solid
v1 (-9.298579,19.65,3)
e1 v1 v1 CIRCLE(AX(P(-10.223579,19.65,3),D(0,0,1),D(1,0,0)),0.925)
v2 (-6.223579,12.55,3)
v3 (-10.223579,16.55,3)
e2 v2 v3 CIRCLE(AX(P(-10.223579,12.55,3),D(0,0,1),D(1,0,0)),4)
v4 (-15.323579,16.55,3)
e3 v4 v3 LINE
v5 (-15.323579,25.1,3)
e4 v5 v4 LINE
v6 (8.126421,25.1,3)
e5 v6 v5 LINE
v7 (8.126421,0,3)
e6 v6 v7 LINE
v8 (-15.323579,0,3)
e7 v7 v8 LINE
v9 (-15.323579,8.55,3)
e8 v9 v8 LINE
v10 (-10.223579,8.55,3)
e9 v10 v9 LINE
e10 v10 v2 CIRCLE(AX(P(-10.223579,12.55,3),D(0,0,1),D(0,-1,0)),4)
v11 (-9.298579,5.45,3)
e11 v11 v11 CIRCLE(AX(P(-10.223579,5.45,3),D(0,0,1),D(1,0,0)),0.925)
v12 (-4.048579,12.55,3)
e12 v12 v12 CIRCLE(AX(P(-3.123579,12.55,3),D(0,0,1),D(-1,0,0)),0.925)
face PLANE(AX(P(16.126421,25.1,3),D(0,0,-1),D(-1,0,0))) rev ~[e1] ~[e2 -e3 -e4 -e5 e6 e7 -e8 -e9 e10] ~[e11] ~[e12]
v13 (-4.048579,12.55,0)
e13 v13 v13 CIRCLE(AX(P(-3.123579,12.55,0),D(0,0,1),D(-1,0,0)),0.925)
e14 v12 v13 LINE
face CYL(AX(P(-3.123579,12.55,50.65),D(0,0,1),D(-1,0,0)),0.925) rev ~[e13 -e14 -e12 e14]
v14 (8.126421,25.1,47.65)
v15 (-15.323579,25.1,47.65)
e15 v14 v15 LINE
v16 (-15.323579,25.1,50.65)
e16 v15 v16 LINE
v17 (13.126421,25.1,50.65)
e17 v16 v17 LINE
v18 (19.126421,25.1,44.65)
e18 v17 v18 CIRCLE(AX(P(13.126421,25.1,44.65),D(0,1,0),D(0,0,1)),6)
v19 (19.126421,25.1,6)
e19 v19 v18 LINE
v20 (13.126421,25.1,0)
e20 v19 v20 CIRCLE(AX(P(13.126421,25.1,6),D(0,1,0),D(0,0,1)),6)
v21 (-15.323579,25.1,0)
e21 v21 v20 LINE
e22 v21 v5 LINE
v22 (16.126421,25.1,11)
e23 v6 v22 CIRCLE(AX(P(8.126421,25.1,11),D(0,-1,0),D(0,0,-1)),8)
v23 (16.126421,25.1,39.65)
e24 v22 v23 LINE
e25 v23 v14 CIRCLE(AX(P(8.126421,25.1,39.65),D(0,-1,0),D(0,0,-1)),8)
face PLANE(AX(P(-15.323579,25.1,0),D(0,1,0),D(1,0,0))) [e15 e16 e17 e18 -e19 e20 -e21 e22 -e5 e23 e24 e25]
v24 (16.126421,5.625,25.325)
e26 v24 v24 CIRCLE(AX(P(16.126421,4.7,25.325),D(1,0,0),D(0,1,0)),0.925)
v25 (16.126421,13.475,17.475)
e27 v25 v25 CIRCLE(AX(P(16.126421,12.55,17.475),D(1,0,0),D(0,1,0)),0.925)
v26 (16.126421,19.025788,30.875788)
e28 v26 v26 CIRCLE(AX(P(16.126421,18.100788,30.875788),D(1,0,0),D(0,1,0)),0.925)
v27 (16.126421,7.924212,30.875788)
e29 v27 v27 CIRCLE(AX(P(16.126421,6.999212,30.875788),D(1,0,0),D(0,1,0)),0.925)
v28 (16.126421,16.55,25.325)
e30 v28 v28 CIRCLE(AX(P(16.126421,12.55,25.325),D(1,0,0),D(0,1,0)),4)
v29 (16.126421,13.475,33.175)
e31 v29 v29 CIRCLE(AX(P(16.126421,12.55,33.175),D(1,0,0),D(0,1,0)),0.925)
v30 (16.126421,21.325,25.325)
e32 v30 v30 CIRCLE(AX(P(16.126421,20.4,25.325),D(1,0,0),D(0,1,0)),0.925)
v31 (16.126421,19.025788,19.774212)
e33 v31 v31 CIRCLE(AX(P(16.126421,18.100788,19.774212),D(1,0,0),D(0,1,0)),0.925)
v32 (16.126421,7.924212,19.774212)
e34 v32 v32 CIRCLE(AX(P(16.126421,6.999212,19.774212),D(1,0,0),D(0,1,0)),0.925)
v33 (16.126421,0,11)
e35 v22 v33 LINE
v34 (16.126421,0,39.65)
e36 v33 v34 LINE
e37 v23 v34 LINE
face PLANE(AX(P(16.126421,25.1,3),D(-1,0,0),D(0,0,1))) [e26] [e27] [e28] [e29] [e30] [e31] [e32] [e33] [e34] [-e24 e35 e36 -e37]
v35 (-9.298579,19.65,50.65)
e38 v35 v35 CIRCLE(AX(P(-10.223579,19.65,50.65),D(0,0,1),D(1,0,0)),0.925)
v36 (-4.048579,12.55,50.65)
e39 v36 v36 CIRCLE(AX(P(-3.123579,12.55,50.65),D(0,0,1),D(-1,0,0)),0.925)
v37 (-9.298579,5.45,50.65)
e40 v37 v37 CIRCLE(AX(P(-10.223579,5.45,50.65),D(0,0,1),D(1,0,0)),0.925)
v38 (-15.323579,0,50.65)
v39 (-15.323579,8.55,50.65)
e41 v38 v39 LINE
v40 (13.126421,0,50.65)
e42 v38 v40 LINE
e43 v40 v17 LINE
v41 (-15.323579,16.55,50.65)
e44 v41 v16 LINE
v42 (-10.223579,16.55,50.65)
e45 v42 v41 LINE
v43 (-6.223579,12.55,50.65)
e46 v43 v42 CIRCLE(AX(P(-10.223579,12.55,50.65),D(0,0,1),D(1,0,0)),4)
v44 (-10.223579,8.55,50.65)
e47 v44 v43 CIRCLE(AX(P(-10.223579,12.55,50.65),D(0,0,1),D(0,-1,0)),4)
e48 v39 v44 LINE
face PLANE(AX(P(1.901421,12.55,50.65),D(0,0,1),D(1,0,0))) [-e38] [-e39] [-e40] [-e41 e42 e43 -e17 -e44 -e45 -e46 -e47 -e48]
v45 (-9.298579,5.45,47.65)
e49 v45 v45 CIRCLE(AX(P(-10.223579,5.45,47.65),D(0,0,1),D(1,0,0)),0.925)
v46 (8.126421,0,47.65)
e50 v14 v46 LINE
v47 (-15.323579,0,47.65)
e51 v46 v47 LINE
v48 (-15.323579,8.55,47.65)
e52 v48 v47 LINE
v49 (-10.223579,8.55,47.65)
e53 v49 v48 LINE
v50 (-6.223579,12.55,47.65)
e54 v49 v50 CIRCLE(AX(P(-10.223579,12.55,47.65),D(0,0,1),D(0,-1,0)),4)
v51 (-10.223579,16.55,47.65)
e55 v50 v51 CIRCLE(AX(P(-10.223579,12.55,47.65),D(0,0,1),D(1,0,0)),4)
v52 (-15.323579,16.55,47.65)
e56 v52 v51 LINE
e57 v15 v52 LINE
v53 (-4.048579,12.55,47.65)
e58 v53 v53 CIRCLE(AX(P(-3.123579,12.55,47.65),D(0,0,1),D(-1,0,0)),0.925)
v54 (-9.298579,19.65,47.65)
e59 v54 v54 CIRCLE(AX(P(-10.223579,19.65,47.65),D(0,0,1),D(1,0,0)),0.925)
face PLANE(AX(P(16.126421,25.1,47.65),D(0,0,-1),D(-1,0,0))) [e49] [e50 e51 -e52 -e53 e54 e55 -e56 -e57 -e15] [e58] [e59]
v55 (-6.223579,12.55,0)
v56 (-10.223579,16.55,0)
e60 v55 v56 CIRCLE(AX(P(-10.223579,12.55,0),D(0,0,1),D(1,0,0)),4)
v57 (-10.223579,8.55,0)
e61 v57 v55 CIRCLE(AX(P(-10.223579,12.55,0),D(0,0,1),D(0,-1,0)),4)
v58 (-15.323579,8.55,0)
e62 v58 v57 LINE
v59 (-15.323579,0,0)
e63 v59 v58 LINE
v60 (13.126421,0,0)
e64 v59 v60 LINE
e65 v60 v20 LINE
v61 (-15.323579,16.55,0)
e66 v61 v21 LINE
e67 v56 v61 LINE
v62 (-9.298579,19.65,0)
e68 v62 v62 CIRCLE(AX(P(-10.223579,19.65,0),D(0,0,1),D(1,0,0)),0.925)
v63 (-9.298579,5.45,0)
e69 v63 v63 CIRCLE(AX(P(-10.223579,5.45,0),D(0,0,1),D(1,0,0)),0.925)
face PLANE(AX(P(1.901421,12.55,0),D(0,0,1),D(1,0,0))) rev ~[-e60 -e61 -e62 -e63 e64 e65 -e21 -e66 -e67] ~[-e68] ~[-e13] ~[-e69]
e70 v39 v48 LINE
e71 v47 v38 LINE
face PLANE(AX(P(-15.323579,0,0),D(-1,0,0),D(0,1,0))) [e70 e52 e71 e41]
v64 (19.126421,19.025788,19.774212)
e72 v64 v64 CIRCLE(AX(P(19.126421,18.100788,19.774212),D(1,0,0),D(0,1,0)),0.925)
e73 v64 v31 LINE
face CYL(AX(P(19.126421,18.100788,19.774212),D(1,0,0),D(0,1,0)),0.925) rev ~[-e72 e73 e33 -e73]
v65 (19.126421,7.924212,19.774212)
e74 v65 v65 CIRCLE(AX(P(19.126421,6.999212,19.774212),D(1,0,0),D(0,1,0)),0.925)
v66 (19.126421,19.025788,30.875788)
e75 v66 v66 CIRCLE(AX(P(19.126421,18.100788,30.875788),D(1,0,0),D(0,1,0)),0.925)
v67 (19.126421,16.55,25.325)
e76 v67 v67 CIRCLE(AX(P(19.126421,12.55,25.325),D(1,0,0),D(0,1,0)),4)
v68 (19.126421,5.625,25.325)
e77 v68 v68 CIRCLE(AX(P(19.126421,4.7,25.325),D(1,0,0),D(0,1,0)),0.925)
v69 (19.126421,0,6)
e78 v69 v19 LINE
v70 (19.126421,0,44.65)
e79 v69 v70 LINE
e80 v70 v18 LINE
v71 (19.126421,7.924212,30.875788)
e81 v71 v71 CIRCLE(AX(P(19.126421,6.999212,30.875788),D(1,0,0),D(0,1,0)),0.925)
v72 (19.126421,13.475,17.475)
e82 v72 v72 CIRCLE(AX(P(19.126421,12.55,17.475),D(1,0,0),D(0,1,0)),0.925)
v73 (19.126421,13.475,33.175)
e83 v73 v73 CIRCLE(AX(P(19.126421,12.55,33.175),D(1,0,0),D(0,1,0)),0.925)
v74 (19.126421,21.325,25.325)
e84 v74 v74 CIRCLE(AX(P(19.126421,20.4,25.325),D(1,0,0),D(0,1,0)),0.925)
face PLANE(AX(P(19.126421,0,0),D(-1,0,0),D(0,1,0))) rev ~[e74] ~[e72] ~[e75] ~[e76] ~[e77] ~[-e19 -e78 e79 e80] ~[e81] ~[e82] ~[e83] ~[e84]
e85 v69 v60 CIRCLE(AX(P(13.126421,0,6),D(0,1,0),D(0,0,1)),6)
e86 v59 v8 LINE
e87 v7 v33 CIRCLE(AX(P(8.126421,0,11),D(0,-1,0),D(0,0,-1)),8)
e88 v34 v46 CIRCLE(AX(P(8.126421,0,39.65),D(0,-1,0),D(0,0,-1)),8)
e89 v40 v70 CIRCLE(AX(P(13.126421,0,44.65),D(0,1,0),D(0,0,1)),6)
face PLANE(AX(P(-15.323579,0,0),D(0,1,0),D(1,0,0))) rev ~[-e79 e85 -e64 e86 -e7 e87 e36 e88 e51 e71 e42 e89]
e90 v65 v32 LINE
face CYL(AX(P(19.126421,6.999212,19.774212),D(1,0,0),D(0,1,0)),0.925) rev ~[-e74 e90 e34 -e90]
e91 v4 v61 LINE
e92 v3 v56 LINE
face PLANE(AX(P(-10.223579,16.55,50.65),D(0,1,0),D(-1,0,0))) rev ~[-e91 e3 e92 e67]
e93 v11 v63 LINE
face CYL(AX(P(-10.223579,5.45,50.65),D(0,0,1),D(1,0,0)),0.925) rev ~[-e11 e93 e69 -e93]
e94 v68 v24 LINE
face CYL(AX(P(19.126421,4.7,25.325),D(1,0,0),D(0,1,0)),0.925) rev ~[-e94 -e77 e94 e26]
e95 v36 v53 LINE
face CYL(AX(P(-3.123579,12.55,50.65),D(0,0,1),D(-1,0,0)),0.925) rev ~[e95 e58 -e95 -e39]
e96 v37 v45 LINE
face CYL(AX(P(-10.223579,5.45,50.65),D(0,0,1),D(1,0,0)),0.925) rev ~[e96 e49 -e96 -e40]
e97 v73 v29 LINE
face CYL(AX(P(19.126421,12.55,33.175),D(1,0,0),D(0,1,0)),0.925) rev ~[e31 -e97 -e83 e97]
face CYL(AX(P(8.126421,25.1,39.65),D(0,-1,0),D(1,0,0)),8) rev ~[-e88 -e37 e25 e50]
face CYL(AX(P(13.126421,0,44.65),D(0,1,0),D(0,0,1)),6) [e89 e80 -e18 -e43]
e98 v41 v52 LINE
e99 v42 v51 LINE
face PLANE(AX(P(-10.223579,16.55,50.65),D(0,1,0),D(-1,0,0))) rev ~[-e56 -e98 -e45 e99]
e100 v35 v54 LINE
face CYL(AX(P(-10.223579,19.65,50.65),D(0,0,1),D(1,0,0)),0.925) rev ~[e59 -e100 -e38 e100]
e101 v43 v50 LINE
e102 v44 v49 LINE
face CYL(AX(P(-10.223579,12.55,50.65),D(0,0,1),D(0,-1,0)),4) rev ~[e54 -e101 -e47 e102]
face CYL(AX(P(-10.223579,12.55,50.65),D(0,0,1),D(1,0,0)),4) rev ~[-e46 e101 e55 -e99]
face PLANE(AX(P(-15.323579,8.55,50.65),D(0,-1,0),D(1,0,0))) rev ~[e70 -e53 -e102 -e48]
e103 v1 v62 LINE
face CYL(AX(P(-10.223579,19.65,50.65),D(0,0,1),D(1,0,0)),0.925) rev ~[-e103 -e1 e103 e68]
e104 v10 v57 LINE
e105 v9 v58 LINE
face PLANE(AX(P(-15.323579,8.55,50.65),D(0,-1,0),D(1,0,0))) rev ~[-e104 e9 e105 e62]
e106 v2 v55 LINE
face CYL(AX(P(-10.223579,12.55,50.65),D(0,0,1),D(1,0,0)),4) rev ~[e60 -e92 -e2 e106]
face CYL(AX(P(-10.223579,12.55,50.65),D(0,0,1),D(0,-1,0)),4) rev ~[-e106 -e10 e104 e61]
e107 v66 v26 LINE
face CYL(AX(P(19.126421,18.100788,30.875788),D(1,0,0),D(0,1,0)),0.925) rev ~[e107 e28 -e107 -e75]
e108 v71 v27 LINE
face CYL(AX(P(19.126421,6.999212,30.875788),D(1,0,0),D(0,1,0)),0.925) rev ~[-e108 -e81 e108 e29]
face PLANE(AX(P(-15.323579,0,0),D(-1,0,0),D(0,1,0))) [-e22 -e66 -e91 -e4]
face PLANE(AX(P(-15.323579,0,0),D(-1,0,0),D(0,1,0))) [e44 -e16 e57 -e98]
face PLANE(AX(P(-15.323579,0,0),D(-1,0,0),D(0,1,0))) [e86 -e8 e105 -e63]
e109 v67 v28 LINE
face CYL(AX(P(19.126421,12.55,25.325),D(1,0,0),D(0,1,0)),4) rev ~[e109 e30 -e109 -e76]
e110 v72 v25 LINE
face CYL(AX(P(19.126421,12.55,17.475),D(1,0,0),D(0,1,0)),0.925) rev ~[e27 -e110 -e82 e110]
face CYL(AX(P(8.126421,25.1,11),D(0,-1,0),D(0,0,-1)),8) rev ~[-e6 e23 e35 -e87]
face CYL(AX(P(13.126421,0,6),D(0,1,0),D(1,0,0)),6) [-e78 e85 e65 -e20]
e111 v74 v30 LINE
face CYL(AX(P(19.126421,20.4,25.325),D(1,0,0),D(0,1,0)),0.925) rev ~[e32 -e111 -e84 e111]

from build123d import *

# Parameters (mm, degrees)
F0_W      = 34.45
F0_H      = 25.1
F1_DEPTH  = 50.65
F2_T      = -3
F3_R      = 4
F3_R_2    = 0.925
F4_DEPTH  = 25
F5_W      = 31.45
F5_H      = 44.65
F6_DEPTH  = 25.101
F7_R      = 8
F8_R      = 6
F9_R      = 0.925
F10_DEPTH = 50.651


with BuildPart() as f1:
    # F0 (on Top) → F1 (new body)
    with BuildSketch(Plane.XY):
        with Locations((1.9014209259, 12.55)):
            Rectangle(F0_W, F0_H)
    extrude(amount=F1_DEPTH)

    # F2
    f2_openings = [f1.faces().sort_by_distance(p)[0] for p in [
        (-15.323579, 12.55, 25.325),
    ]]
    offset(amount=F2_T, openings=f2_openings)

    # F3 (on face) → F4 (cut)
    with BuildSketch(Plane.YZ.offset(19.1264209259)):
        with Locations((12.55, 25.325)):
            Circle(F3_R)
        with Locations((12.55, 17.475)):
            Circle(F3_R_2)
        with Locations((18.1007882323, 19.7742117677)):
            Circle(F3_R_2)
        with Locations((20.4, 25.325)):
            Circle(F3_R_2)
        with Locations((18.1007882323, 30.8757882323)):
            Circle(F3_R_2)
        with Locations((12.55, 33.175)):
            Circle(F3_R_2)
        with Locations((6.9992117677, 30.8757882323)):
            Circle(F3_R_2)
        with Locations((4.7, 25.325)):
            Circle(F3_R_2)
        with Locations((6.9992117677, 19.7742117677)):
            Circle(F3_R_2)
    extrude(amount=-F4_DEPTH, mode=Mode.SUBTRACT)

    # F5 (on face) → F6 (cut, through all)
    with BuildSketch(Plane(origin=(0, 25.1, 0), x_dir=(-1, 0, 0), z_dir=(0, 1, 0))):
        with Locations((-0.4014209259, 25.325)):
            Rectangle(F5_W, F5_H)
    extrude(amount=-F6_DEPTH, mode=Mode.SUBTRACT)

    # F7
    f7_edges = [f1.edges().sort_by_distance(p)[0] for p in [
        (16.126421, 12.55, 47.65),
        (16.126421, 12.55, 3),
    ]]
    fillet(f7_edges, radius=F7_R)

    # F8
    f8_edges = [f1.edges().sort_by_distance(p)[0] for p in [
        (19.126421, 12.55, 50.65),
        (19.126421, 12.55, 0),
    ]]
    fillet(f8_edges, radius=F8_R)

    # F9 (on face) → F10 (cut, through all)
    with BuildSketch(Plane.XY.offset(50.65)):
        with Locations((-10.2235790741, 19.65)):
            Circle(F9_R)
        with Locations((-10.2235790741, 5.45)):
            Circle(F9_R)
        with BuildLine():
            Line((-4.0485790741, 12.55), (-2.1985790741, 12.55))
            ThreePointArc((-2.1985790741, 12.55), (-3.1235790741, 13.475), (-4.0485790741, 12.55))
        make_face()
        with BuildLine():
            ThreePointArc((-4.0485790741, 12.55), (-3.1235790741, 11.625), (-2.1985790741, 12.55))
            Line((-2.1985790741, 12.55), (-4.0485790741, 12.55))
        make_face()
        with BuildLine():
            ThreePointArc((-10.2235790741, 16.55), (-13.0520061988, 15.3784271247), (-14.2235790741, 12.55))
            Line((-14.2235790741, 12.55), (-6.2235790741, 12.55))
            ThreePointArc((-6.2235790741, 12.55), (-7.3951519493, 15.3784271247), (-10.2235790741, 16.55))
        make_face()
        with BuildLine():
            ThreePointArc((-14.2235790741, 12.55), (-13.0520061988, 9.7215728753), (-10.2235790741, 8.55))
            ThreePointArc((-10.2235790741, 8.55), (-7.3951519493, 9.7215728753), (-6.2235790741, 12.55))
            Line((-6.2235790741, 12.55), (-14.2235790741, 12.55))
        make_face()
        with BuildLine():
            Line((-15.3235790741, 16.55), (-15.3235790741, 12.55))
            Line((-15.3235790741, 12.55), (-14.2235790741, 12.55))
            ThreePointArc((-14.2235790741, 12.55), (-13.0520061988, 15.3784271247), (-10.2235790741, 16.55))
            Line((-10.2235790741, 16.55), (-15.3235790741, 16.55))
        make_face()
        with BuildLine():
            Line((-15.3235790741, 12.55), (-15.3235790741, 8.55))
            Line((-15.3235790741, 8.55), (-10.2235790741, 8.55))
            ThreePointArc((-10.2235790741, 8.55), (-13.0520061988, 9.7215728753), (-14.2235790741, 12.55))
            Line((-14.2235790741, 12.55), (-15.3235790741, 12.55))
        make_face()
    extrude(amount=-F10_DEPTH, mode=Mode.SUBTRACT)


solid = f1.part
